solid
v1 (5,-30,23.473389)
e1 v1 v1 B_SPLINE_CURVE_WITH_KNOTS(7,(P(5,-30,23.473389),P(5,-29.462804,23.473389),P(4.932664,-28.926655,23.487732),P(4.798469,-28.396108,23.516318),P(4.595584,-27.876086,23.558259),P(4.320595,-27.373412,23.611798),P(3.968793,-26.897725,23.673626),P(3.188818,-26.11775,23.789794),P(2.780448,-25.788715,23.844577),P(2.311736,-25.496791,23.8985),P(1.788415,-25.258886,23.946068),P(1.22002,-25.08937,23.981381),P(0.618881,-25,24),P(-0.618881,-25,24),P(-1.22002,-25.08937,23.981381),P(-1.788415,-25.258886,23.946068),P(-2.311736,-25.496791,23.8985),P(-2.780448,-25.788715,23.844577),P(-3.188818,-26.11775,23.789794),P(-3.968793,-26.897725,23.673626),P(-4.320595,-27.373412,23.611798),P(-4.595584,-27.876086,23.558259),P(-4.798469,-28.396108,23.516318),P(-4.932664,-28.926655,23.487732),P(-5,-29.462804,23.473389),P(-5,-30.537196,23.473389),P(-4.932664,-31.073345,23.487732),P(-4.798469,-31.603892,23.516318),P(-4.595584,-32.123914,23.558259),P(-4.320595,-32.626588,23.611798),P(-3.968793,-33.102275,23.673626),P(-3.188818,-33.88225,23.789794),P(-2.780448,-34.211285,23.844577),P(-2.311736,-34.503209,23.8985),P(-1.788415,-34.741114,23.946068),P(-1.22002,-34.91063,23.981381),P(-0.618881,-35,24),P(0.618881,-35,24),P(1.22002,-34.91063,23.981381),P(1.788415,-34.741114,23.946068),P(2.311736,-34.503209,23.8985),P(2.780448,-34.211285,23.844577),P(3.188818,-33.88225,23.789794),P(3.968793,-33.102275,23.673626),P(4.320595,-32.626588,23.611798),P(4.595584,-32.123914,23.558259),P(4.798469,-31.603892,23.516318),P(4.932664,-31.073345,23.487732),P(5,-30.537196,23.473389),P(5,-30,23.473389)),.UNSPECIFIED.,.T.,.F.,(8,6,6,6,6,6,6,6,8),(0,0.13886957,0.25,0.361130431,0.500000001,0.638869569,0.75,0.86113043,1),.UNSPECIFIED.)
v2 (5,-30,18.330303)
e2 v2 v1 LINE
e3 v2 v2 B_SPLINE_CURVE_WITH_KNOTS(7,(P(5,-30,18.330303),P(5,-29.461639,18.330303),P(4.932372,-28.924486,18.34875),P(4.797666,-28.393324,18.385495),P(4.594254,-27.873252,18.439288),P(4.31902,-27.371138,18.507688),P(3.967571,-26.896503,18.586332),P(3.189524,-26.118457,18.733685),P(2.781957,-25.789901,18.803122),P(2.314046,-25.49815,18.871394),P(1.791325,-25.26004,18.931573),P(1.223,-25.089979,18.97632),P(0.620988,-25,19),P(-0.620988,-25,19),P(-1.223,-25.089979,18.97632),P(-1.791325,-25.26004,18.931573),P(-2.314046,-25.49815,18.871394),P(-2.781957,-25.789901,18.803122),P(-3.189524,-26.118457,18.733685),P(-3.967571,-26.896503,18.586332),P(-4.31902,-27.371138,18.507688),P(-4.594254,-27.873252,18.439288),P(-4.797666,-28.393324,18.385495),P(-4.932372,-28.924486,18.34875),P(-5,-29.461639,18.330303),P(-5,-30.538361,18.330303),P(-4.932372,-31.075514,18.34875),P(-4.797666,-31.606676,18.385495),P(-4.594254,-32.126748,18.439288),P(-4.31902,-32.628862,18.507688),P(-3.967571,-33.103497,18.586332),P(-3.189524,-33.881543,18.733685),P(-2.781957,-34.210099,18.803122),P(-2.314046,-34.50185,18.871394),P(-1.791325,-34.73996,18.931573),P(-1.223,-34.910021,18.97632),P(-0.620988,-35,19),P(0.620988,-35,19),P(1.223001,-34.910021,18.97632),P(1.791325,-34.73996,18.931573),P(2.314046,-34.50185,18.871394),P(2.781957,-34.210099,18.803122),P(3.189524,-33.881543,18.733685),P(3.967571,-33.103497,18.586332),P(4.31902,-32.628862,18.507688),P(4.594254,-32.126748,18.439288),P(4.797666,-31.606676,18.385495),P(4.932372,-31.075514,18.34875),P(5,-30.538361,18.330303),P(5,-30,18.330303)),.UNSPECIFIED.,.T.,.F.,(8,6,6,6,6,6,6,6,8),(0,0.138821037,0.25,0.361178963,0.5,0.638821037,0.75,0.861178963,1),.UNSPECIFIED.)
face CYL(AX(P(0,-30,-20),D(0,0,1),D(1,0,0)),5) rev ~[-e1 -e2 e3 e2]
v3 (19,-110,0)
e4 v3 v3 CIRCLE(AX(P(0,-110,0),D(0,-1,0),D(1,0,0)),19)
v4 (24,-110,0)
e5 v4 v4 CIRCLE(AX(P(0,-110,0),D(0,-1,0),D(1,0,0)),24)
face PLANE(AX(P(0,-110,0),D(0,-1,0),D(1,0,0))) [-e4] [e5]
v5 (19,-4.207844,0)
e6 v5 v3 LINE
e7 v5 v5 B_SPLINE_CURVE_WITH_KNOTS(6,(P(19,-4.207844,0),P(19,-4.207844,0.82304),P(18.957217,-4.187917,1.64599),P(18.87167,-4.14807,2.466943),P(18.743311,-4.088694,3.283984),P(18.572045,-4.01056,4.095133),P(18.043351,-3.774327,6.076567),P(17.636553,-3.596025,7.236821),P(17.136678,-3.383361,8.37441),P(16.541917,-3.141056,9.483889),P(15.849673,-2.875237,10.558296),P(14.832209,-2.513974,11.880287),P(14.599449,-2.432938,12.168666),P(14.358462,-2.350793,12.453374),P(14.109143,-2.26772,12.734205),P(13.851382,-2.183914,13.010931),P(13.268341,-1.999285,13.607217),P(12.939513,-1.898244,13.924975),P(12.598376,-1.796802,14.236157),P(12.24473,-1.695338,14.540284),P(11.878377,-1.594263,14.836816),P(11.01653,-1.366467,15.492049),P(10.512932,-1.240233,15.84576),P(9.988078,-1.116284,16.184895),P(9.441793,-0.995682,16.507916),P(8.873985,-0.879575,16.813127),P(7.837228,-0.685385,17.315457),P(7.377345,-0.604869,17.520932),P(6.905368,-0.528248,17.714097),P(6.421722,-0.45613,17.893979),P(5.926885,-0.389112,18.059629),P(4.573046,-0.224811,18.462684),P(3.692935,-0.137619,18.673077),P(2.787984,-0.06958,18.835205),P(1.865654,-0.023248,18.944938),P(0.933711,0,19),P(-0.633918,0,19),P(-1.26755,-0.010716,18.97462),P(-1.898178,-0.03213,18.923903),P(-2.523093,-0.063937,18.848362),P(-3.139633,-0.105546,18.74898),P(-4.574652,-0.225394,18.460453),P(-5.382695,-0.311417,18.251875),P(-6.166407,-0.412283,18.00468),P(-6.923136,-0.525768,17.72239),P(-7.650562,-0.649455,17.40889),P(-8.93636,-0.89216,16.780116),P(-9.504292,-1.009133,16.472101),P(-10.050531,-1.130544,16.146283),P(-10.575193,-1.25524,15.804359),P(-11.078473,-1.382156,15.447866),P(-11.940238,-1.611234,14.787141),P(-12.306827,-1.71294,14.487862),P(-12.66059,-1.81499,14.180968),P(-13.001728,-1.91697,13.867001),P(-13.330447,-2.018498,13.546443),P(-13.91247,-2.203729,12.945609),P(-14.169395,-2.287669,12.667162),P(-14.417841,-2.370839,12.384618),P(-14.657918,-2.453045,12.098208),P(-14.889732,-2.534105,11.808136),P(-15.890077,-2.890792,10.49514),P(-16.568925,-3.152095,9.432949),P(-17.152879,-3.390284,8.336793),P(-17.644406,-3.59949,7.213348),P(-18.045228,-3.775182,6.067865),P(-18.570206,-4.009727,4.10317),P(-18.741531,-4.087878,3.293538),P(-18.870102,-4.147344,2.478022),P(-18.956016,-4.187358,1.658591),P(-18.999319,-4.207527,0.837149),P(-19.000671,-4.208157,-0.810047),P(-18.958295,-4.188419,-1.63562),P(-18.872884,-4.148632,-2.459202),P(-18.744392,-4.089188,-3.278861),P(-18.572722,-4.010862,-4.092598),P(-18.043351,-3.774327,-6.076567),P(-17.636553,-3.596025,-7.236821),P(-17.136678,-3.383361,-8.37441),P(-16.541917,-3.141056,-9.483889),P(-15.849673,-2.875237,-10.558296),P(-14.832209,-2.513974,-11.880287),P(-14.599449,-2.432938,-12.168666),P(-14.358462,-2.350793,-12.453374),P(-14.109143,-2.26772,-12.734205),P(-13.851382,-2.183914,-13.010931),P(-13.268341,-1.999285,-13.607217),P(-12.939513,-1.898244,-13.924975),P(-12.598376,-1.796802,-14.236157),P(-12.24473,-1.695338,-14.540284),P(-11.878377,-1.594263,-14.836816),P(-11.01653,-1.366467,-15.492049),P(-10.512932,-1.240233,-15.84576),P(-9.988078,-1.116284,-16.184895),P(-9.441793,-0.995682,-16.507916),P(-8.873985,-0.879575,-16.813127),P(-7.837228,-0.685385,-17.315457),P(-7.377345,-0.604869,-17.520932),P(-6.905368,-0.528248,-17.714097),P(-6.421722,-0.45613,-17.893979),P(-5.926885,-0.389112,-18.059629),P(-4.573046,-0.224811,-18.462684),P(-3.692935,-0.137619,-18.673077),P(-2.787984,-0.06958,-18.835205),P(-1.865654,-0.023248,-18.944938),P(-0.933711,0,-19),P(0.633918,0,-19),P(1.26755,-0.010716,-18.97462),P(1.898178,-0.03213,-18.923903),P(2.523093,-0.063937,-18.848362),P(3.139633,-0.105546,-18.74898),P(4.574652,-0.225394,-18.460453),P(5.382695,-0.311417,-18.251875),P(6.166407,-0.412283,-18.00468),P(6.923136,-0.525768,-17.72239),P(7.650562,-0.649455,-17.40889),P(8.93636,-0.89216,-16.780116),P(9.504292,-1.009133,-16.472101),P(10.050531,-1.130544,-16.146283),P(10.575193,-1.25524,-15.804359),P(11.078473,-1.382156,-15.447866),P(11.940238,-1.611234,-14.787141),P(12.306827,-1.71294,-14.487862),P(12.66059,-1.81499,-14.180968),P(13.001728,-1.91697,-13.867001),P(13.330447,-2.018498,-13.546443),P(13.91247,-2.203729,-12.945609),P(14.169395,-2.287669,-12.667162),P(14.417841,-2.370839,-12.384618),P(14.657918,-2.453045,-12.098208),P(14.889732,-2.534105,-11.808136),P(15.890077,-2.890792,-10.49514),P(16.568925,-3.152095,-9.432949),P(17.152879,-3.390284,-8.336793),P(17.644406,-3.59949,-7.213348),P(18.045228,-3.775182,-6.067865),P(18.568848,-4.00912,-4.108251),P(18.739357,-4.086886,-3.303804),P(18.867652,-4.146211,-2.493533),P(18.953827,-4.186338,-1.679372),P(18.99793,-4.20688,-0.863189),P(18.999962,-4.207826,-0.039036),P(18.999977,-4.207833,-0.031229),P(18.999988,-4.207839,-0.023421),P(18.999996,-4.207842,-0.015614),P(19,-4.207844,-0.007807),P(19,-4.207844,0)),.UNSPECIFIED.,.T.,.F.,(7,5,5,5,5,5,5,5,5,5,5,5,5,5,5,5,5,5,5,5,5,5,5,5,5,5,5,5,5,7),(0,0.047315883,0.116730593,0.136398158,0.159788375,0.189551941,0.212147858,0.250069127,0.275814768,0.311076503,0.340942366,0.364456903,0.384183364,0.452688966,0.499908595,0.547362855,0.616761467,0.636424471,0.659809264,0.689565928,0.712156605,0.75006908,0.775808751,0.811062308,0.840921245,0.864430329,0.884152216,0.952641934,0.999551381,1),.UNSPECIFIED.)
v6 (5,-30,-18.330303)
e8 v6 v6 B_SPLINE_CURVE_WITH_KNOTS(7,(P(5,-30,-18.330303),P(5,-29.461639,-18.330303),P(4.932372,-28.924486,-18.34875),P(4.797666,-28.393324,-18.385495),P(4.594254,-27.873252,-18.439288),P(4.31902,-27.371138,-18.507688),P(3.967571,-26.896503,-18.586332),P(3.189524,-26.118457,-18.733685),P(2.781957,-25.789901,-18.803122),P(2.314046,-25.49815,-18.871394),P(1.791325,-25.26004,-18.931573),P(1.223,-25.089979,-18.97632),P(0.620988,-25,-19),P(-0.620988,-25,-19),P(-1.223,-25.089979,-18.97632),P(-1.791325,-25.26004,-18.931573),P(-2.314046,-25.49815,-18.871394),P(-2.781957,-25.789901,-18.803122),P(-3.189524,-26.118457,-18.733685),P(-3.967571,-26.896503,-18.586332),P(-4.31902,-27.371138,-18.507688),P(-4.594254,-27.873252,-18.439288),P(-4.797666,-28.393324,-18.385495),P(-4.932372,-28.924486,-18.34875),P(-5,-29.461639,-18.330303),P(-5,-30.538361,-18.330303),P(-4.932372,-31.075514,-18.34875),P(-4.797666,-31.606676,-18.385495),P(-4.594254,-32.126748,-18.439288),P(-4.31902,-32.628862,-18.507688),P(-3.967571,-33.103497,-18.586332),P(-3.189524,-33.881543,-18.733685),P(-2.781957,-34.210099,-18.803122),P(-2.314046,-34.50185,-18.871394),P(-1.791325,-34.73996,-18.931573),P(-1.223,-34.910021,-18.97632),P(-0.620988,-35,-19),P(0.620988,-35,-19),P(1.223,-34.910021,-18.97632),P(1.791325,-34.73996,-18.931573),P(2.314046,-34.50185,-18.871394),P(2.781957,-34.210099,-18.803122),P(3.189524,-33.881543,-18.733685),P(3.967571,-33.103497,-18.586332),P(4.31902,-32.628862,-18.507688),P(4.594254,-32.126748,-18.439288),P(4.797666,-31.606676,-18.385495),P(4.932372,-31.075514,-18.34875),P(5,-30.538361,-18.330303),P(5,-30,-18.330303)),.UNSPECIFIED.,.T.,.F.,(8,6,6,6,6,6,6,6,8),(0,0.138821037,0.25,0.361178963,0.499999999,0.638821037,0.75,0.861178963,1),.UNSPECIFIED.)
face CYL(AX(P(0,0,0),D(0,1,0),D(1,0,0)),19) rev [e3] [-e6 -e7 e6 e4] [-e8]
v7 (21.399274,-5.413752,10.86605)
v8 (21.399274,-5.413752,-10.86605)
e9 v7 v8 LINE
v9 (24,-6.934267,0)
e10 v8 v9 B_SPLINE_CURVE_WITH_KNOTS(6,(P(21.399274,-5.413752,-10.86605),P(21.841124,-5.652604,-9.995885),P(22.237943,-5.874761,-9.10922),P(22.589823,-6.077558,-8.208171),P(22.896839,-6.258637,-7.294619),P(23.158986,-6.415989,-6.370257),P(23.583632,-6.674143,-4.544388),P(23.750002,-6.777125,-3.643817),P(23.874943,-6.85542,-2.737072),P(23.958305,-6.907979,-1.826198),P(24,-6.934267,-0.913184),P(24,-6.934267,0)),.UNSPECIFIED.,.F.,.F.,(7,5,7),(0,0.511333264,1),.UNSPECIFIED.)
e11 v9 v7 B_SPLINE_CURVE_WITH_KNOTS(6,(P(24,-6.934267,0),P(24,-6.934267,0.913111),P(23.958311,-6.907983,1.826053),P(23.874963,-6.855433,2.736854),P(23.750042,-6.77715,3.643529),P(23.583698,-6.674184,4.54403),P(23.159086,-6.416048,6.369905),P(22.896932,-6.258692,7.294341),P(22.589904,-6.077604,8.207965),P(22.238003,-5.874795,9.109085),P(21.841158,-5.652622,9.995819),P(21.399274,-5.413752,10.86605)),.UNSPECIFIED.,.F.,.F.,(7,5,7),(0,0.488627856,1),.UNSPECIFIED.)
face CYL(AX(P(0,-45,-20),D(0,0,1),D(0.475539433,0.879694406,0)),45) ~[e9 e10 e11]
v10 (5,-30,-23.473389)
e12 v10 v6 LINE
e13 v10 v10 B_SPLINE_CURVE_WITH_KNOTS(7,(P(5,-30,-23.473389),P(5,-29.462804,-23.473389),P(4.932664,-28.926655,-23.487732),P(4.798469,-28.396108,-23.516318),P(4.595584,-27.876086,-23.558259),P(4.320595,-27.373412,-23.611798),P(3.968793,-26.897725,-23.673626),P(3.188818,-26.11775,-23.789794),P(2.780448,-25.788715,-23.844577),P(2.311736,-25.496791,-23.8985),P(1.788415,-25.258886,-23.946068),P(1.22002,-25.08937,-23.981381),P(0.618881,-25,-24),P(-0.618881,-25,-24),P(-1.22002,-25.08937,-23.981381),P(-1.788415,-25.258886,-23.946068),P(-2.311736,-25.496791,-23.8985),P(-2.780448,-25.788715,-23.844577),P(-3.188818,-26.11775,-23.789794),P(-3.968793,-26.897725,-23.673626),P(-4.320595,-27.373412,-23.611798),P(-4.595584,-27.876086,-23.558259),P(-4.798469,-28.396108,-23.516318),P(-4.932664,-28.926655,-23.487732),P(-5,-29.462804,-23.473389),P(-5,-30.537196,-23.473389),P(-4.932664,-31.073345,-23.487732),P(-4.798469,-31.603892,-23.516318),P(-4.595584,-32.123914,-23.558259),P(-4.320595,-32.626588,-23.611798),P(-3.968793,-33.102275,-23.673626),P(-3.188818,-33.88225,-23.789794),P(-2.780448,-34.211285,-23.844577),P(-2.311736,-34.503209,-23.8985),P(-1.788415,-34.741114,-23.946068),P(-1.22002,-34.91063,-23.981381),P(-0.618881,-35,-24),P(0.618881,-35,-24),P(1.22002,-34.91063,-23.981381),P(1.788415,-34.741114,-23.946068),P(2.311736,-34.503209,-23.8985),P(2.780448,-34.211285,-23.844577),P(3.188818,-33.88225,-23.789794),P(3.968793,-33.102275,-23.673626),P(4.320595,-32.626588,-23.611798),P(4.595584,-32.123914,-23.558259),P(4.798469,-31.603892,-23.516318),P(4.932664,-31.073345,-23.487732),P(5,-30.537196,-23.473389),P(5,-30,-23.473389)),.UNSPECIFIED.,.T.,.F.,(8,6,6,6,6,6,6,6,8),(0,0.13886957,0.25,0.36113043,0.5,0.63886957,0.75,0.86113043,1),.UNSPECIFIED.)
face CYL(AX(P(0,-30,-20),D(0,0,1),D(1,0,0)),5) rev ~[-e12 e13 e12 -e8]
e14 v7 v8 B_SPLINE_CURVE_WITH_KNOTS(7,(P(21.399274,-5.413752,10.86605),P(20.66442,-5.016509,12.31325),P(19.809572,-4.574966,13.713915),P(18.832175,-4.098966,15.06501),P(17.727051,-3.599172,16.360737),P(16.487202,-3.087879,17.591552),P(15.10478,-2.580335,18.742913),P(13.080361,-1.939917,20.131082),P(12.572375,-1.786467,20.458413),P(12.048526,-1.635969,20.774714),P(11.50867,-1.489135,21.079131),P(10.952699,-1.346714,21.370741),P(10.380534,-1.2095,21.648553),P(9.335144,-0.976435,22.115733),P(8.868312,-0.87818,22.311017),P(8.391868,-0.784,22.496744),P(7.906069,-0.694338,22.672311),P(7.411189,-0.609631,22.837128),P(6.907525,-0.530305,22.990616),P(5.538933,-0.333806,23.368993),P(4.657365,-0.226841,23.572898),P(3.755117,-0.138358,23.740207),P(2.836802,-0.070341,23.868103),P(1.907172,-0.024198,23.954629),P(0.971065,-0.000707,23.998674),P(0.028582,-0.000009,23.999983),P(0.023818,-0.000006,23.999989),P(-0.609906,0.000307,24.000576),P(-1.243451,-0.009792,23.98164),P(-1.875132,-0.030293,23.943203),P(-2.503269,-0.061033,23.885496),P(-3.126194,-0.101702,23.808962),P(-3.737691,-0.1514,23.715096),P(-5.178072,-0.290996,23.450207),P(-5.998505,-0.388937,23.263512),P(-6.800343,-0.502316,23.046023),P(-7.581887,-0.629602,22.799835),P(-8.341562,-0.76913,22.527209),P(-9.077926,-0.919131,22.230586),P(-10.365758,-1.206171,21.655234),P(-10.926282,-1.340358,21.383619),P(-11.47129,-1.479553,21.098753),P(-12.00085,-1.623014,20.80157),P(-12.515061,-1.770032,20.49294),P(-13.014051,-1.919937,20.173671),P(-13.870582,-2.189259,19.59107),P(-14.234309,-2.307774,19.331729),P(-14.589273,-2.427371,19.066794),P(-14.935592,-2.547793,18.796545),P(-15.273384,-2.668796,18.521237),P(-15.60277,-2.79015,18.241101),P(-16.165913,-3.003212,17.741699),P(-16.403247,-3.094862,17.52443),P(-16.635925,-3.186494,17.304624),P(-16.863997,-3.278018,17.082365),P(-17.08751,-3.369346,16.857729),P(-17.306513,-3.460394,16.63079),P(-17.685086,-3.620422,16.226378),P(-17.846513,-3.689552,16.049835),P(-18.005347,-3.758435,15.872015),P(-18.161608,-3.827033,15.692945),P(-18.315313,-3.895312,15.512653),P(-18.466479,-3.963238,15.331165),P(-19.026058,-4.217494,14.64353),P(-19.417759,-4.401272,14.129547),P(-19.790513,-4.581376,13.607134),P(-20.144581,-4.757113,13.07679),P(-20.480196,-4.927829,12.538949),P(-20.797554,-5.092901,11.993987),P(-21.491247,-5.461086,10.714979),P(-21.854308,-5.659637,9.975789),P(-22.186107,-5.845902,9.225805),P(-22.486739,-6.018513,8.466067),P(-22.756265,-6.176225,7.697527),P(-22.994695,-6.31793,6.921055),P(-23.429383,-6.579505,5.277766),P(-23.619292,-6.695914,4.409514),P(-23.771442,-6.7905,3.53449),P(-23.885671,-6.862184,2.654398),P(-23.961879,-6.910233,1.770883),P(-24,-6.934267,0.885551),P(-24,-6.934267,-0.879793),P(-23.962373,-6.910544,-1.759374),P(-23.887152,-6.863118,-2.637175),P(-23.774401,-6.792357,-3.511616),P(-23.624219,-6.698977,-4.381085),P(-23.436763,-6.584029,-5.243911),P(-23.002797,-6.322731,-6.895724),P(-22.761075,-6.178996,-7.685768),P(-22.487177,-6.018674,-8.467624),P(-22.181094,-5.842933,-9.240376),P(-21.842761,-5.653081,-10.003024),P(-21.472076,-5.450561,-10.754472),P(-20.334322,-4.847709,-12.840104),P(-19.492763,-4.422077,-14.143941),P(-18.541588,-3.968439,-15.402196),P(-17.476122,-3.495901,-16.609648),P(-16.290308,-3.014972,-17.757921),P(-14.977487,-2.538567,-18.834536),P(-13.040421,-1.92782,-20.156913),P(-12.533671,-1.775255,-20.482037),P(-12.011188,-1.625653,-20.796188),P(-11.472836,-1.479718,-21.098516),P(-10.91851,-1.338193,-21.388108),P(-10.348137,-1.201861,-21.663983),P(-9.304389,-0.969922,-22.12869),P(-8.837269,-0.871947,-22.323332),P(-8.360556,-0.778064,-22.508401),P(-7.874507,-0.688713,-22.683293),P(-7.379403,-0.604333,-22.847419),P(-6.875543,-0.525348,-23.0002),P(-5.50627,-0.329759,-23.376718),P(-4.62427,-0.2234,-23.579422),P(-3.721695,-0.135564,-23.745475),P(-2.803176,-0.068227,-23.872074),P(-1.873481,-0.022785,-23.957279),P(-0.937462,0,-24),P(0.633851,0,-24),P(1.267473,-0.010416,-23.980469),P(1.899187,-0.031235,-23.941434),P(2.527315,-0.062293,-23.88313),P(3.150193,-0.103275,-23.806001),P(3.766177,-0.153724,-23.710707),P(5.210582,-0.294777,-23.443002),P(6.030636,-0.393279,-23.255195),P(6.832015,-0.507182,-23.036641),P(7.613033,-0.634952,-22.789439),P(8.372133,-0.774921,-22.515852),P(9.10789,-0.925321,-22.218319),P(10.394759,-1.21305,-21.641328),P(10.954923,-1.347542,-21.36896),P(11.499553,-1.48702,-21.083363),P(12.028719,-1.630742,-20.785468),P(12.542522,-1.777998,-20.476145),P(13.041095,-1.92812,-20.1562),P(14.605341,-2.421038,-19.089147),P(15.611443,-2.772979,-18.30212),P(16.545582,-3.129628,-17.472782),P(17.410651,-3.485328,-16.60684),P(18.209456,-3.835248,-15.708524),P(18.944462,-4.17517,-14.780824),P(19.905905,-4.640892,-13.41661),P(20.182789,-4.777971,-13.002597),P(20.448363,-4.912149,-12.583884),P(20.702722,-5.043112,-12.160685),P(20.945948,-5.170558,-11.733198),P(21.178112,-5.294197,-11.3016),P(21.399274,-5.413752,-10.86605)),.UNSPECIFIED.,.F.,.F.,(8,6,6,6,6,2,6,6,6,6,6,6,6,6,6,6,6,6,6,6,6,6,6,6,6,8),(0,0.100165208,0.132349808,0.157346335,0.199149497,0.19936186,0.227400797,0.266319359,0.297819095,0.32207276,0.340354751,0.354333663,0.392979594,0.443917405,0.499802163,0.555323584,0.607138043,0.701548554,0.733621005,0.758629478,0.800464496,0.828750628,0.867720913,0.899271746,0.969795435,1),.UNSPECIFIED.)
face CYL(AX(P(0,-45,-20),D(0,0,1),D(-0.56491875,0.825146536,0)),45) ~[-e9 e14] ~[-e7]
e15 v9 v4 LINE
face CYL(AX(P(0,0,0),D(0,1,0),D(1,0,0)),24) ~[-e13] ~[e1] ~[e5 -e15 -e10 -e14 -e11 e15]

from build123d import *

# Parameters (mm, degrees)
F0_R     = 24
F0_R_2   = 19
F1_DEPTH = 110
F4_R     = 5
F5_DEPTH = 48.4
F6_DEPTH = 47.8


with BuildPart() as f1:
    # F0 (on Front) → F1 (new body)
    with BuildSketch(Plane.XZ):
        Circle(F0_R)
        Circle(F0_R_2, mode=Mode.SUBTRACT)
    extrude(amount=F1_DEPTH)

    # F4 (on offset) → F5 (cut, symmetric)
    with BuildSketch(Plane.XY.offset(-20)):
        with Locations((0, -30)):
            Circle(F4_R)
    extrude(amount=F5_DEPTH, both=True, mode=Mode.SUBTRACT)

    # F4 (on offset) → F6 (cut, symmetric)
    with BuildSketch(Plane.XY.offset(-20)):
        with BuildLine():
            ThreePointArc((0, 0), (11.0367302172, -1.3744273836), (21.3992744684, -5.4137517283))
            ThreePointArc((21.3992744684, -5.4137517283), (23.0936332862, -6.3776735341), (24.744655937, -7.414071748))
            Line((24.744655937, -7.414071748), (24.744655937, 8.4094852209))
            Line((24.744655937, 8.4094852209), (-25.4213437438, 8.4094852209))
            Line((-25.4213437438, 8.4094852209), (-25.4213437438, -7.8684058751))
            ThreePointArc((-25.4213437438, -7.8684058751), (-13.3056052921, -2.0120846305), (0, 0))
        make_face()
    extrude(amount=F6_DEPTH, both=True, mode=Mode.SUBTRACT)


solid = f1.part
